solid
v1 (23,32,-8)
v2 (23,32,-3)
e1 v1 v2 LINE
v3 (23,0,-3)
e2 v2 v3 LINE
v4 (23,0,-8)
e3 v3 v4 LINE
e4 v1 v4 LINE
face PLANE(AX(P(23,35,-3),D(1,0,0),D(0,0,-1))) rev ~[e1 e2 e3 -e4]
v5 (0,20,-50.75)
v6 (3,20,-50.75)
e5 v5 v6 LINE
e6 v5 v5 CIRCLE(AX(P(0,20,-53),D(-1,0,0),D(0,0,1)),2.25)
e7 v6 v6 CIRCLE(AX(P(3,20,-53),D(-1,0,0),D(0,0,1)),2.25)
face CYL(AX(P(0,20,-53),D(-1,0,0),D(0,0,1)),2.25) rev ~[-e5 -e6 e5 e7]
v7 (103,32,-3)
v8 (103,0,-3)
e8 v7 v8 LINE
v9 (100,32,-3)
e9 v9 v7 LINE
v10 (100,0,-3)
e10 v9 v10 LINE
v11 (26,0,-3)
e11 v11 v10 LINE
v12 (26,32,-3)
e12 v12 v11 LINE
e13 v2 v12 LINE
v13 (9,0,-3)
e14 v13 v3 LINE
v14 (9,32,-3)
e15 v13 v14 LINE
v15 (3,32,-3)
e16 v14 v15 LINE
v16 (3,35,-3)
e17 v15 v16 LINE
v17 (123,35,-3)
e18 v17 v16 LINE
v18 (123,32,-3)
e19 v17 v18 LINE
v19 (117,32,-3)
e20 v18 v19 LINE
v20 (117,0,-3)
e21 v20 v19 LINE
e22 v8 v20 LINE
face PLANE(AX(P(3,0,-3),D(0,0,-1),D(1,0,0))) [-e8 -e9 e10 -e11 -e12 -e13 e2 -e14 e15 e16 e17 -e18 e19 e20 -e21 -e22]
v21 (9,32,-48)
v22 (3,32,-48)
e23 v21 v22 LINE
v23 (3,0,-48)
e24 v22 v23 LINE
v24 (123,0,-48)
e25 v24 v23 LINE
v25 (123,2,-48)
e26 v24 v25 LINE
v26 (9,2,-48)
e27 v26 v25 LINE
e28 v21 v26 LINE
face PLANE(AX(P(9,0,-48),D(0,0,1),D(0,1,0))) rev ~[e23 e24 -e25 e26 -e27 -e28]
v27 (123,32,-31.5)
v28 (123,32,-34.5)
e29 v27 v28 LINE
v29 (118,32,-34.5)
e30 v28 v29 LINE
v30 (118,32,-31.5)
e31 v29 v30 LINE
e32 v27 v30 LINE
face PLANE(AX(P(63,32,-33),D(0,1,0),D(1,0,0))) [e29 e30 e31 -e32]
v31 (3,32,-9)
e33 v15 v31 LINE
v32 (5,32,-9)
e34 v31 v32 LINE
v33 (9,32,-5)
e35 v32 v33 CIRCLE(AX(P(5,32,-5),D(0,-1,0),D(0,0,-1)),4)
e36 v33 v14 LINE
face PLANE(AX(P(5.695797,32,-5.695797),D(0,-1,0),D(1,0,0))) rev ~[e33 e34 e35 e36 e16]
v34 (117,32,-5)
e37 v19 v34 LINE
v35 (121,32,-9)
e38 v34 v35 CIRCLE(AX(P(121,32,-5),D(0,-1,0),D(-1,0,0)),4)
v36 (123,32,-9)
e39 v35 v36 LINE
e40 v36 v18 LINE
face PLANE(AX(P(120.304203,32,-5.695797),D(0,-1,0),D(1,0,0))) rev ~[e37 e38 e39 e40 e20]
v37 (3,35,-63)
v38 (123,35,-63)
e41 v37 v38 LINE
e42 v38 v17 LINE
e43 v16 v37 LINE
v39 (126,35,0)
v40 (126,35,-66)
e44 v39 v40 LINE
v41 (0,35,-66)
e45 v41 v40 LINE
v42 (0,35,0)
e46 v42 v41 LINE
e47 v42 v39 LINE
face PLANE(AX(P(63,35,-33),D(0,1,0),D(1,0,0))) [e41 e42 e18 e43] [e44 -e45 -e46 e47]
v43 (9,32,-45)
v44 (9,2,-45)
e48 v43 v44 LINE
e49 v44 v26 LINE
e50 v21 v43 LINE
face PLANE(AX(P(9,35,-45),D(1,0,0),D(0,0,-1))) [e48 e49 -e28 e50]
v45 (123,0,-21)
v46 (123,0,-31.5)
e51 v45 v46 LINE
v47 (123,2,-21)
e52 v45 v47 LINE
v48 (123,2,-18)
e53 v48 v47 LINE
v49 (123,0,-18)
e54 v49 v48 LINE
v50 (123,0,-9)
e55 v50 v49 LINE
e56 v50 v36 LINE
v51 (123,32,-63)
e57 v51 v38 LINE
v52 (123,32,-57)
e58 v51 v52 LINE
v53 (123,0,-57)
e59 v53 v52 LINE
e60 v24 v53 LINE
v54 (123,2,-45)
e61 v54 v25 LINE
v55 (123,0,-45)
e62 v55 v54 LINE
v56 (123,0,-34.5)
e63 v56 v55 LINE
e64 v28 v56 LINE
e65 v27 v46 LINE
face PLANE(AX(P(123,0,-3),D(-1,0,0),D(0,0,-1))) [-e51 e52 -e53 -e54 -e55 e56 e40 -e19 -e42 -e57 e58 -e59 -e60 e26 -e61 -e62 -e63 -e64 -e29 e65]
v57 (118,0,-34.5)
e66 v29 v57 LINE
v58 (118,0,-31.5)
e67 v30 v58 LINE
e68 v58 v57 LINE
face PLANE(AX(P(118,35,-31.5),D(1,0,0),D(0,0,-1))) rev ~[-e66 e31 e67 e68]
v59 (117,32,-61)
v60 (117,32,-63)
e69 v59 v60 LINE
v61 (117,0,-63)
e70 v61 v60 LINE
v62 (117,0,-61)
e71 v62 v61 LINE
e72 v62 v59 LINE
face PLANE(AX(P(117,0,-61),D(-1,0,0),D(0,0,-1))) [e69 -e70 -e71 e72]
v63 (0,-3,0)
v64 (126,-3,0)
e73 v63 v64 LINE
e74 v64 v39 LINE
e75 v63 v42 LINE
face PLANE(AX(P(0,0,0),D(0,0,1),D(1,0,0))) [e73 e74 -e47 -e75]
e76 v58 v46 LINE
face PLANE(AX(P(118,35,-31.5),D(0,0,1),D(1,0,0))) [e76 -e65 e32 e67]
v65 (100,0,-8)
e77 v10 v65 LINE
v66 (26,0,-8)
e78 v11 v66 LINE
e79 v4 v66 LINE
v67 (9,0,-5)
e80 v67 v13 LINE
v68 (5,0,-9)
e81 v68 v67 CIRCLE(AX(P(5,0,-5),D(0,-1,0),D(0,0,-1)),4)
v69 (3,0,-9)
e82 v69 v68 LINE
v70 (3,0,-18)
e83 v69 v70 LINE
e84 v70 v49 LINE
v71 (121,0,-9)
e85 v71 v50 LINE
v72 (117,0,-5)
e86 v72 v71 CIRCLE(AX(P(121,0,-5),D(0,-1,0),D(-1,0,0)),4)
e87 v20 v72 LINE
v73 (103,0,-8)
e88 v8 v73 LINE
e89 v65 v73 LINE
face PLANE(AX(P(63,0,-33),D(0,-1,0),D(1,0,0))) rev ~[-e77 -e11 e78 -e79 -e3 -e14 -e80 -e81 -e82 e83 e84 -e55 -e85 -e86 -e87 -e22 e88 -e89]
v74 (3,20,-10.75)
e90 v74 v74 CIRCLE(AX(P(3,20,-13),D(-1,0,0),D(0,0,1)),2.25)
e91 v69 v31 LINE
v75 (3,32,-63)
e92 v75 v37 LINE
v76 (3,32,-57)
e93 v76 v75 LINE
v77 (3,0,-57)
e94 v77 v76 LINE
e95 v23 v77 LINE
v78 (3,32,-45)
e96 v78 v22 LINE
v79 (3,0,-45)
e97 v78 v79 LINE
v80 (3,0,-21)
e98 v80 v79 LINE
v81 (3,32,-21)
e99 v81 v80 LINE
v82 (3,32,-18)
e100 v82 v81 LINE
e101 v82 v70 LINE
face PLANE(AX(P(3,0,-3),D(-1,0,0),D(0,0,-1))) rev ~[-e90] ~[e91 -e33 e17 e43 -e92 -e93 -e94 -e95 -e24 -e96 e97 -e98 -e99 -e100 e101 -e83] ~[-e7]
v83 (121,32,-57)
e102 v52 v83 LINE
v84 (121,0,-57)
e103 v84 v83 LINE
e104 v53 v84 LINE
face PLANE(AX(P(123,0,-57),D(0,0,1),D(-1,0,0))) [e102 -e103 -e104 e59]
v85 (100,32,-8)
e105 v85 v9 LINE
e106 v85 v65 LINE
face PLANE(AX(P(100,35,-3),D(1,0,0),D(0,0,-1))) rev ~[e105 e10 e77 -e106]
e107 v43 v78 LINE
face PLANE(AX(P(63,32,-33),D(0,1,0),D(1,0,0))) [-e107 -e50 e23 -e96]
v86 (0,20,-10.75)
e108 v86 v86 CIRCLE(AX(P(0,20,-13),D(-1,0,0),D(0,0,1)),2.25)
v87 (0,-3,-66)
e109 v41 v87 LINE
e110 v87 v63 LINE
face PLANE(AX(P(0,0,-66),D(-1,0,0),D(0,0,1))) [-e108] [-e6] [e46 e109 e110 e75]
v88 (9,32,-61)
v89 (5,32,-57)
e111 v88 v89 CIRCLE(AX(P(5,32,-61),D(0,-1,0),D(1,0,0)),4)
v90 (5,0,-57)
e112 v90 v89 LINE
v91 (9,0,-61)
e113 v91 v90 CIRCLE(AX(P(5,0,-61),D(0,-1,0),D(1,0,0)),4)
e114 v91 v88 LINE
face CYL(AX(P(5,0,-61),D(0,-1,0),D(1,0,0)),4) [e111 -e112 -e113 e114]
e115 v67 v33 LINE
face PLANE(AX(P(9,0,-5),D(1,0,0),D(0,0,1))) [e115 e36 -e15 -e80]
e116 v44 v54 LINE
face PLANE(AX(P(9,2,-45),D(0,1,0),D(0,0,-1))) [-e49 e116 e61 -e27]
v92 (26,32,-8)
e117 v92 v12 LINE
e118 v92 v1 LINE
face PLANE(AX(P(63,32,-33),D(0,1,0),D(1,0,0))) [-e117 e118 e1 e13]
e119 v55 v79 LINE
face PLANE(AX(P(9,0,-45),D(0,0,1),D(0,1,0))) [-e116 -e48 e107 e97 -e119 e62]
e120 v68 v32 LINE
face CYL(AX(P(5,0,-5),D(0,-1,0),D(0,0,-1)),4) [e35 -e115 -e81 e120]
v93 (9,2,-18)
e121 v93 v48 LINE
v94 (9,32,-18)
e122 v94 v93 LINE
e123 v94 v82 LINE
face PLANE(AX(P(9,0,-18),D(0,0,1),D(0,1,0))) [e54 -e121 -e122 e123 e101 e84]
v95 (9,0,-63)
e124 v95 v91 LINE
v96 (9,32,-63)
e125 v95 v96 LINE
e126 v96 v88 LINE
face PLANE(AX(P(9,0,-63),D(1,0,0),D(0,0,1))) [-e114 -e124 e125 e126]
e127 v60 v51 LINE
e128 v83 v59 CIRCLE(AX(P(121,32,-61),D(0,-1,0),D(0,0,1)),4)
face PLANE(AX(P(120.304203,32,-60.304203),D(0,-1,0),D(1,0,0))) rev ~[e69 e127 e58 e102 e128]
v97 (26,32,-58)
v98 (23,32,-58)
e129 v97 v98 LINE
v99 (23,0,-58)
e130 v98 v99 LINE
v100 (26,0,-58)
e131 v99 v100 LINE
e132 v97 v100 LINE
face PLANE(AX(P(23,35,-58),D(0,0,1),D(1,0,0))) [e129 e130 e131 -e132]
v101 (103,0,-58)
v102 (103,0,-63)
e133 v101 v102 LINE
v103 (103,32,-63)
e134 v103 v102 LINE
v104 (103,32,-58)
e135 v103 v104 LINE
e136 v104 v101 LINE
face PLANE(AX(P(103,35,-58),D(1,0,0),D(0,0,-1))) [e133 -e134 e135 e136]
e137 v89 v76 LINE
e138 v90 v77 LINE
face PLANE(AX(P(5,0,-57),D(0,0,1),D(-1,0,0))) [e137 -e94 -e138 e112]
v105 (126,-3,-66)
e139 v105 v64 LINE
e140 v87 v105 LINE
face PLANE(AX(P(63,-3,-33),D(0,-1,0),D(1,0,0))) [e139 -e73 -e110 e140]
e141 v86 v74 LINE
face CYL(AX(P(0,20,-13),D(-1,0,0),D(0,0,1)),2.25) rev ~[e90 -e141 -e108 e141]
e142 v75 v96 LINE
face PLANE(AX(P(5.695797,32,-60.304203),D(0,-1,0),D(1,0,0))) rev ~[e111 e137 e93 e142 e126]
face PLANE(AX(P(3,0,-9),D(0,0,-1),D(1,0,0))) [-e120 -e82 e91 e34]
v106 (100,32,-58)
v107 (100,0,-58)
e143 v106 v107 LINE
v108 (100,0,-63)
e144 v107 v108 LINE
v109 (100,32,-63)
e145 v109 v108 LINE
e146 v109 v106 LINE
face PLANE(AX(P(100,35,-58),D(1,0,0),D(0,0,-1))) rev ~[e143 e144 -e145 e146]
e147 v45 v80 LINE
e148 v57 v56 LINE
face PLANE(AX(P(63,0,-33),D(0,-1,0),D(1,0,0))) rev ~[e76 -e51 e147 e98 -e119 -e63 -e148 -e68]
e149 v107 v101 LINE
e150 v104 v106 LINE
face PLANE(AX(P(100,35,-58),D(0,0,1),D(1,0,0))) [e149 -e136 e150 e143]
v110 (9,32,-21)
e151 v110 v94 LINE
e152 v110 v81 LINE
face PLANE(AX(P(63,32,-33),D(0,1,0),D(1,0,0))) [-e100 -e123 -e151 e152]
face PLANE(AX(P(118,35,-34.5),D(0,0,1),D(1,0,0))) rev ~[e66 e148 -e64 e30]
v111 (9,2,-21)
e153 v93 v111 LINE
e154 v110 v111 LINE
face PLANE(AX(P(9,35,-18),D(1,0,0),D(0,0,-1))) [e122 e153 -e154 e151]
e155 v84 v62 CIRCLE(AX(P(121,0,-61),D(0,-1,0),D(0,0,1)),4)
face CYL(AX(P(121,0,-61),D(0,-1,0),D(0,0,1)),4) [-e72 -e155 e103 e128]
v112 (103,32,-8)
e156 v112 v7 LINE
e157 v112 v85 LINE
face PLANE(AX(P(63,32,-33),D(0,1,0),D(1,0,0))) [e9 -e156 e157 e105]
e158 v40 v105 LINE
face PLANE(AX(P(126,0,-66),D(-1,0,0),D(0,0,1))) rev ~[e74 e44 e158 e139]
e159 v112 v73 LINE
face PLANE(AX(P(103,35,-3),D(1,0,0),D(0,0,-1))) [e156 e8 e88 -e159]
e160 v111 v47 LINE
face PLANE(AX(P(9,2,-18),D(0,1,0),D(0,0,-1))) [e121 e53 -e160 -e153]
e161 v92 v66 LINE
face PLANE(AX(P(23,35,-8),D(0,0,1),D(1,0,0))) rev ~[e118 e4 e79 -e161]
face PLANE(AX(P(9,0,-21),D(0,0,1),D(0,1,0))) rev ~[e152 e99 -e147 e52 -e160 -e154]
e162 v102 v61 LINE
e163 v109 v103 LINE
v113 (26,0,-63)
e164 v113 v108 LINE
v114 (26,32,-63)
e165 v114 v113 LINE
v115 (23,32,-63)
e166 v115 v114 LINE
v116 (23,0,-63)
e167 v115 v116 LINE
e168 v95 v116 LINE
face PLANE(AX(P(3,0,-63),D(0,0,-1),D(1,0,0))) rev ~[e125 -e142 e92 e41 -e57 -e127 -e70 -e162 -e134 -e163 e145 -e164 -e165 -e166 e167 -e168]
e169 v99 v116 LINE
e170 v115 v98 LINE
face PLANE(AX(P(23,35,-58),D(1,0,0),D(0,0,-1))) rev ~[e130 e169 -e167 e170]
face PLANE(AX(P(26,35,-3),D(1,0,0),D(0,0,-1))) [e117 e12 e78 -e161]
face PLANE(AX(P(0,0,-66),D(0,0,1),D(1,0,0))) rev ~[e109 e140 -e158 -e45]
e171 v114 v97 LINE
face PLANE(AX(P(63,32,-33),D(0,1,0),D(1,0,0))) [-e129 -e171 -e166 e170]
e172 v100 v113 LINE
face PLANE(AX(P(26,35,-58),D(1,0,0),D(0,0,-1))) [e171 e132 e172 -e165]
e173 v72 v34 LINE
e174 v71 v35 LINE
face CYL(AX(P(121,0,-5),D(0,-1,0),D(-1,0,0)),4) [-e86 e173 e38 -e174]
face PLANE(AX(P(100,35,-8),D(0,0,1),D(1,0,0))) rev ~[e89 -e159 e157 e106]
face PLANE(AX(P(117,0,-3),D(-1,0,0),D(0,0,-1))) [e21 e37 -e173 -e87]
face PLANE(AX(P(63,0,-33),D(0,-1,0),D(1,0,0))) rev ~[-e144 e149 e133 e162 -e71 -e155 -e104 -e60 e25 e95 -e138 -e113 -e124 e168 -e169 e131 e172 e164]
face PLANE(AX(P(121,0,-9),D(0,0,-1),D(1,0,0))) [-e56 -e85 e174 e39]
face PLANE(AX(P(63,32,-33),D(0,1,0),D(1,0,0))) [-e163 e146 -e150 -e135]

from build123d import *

# Parameters (mm, degrees)
SKETCH_3_W          = 126
SKETCH_3_H          = 66
SKETCH_3_W_2        = 120
SKETCH_3_H_2        = 60
EXTRUDE_2_DEPTH     = 35
SKETCH_4_W          = 6
SKETCH_4_H          = 3
SKETCH_4_W_2        = 5
SKETCH_4_W_3        = 3
SKETCH_4_H_2        = 5
EXTRUDE_3_DEPTH     = 35
SKETCH_5_W          = 120
SKETCH_5_H          = 60
CUT_EXTRUDE_1_DEPTH = 3
EXTRUDE_4_DEPTH     = 32
SKETCH_7_W          = 126
SKETCH_7_H          = 66
EXTRUDE_5_DEPTH     = 3
SKETCH_8_W          = 3
SKETCH_8_H          = 2
EXTRUDE_6_DEPTH     = 114
SKETCH_10_R         = 2.25
CUT_EXTRUDE_2_DEPTH = 3


with BuildPart() as part:
    # Эскиз3 → Бобышка-Вытянуть2 (new body)
    with BuildSketch(Plane(origin=(0, 0, 0), x_dir=(1, 0, 0), z_dir=(0, 1, 0))):
        with Locations((63, 33)):
            Rectangle(SKETCH_3_W, SKETCH_3_H)
        with Locations((63, 33)):
            Rectangle(SKETCH_3_W_2, SKETCH_3_H_2, mode=Mode.SUBTRACT)
    extrude(amount=EXTRUDE_2_DEPTH)

    # Эскиз4 → Бобышка-Вытянуть3 (add)
    with BuildSketch(Plane(origin=(0, 35, 0), x_dir=(1, 0, 0), z_dir=(0, 1, 0))):
        with Locations((6, 19.5)):
            Rectangle(SKETCH_4_W, SKETCH_4_H)
        with Locations((6, 46.5)):
            Rectangle(SKETCH_4_W, SKETCH_4_H)
        with Locations((120.5, 33)):
            Rectangle(SKETCH_4_W_2, SKETCH_4_H)
        with Locations((24.5, 60.5)):
            Rectangle(SKETCH_4_W_3, SKETCH_4_H_2)
        with Locations((101.5, 60.5)):
            Rectangle(SKETCH_4_W_3, SKETCH_4_H_2)
        with Locations((101.5, 5.5)):
            Rectangle(SKETCH_4_W_3, SKETCH_4_H_2)
        with Locations((24.5, 5.5)):
            Rectangle(SKETCH_4_W_3, SKETCH_4_H_2)
    extrude(amount=-EXTRUDE_3_DEPTH)

    # Эскиз5 → Вырез-Вытянуть1 (cut)
    with BuildSketch(Plane(origin=(0, 35, 0), x_dir=(1, 0, 0), z_dir=(0, 1, 0))):
        with Locations((63, 33)):
            Rectangle(SKETCH_5_W, SKETCH_5_H)
    extrude(amount=-CUT_EXTRUDE_1_DEPTH, mode=Mode.SUBTRACT)

    # Эскиз6 → Бобышка-Вытянуть4 (add)
    with BuildSketch(Plane.XZ):
        with BuildLine():
            Line((3, -63), (9, -63))
            Line((9, -63), (9, -61))
            ThreePointArc((9, -61), (7.828427125, -58.171572875), (5, -57))
            Line((5, -57), (3, -57))
            Line((3, -57), (3, -63))
        make_face()
        with BuildLine():
            Line((3, -9), (5, -9))
            ThreePointArc((5, -9), (7.828427125, -7.828427125), (9, -5))
            Line((9, -5), (9, -3))
            Line((9, -3), (3, -3))
            Line((3, -3), (3, -9))
        make_face()
        with BuildLine():
            Line((123, -3), (117, -3))
            Line((117, -3), (117, -5))
            ThreePointArc((117, -5), (118.171572875, -7.828427125), (121, -9))
            Line((121, -9), (123, -9))
            Line((123, -9), (123, -3))
        make_face()
        with BuildLine():
            Line((123, -57), (121, -57))
            ThreePointArc((121, -57), (118.171572875, -58.171572875), (117, -61))
            Line((117, -61), (117, -63))
            Line((117, -63), (123, -63))
            Line((123, -63), (123, -57))
        make_face()
    extrude(amount=-EXTRUDE_4_DEPTH)

    # Эскиз7 → Бобышка-Вытянуть5 (add)
    with BuildSketch(Plane.XZ):
        with Locations((63, -33)):
            Rectangle(SKETCH_7_W, SKETCH_7_H)
    extrude(amount=EXTRUDE_5_DEPTH)

    # Эскиз8 → Бобышка-Вытянуть6 (add)
    with BuildSketch(Plane(origin=(9, 0, 0), x_dir=(0, 0, -1), z_dir=(1, 0, 0))):
        with Locations((19.5, 1)):
            Rectangle(SKETCH_8_W, SKETCH_8_H)
        with Locations((46.5, 1)):
            Rectangle(SKETCH_8_W, SKETCH_8_H)
    extrude(amount=EXTRUDE_6_DEPTH)

    # Эскиз10 → Вырез-Вытянуть2 (cut)
    with BuildSketch(Plane.ZY):
        with Locations((-53, 20)):
            Circle(SKETCH_10_R)
        with Locations((-13, 20)):
            Circle(SKETCH_10_R)
    extrude(amount=-CUT_EXTRUDE_2_DEPTH, mode=Mode.SUBTRACT)


solid = part.part
